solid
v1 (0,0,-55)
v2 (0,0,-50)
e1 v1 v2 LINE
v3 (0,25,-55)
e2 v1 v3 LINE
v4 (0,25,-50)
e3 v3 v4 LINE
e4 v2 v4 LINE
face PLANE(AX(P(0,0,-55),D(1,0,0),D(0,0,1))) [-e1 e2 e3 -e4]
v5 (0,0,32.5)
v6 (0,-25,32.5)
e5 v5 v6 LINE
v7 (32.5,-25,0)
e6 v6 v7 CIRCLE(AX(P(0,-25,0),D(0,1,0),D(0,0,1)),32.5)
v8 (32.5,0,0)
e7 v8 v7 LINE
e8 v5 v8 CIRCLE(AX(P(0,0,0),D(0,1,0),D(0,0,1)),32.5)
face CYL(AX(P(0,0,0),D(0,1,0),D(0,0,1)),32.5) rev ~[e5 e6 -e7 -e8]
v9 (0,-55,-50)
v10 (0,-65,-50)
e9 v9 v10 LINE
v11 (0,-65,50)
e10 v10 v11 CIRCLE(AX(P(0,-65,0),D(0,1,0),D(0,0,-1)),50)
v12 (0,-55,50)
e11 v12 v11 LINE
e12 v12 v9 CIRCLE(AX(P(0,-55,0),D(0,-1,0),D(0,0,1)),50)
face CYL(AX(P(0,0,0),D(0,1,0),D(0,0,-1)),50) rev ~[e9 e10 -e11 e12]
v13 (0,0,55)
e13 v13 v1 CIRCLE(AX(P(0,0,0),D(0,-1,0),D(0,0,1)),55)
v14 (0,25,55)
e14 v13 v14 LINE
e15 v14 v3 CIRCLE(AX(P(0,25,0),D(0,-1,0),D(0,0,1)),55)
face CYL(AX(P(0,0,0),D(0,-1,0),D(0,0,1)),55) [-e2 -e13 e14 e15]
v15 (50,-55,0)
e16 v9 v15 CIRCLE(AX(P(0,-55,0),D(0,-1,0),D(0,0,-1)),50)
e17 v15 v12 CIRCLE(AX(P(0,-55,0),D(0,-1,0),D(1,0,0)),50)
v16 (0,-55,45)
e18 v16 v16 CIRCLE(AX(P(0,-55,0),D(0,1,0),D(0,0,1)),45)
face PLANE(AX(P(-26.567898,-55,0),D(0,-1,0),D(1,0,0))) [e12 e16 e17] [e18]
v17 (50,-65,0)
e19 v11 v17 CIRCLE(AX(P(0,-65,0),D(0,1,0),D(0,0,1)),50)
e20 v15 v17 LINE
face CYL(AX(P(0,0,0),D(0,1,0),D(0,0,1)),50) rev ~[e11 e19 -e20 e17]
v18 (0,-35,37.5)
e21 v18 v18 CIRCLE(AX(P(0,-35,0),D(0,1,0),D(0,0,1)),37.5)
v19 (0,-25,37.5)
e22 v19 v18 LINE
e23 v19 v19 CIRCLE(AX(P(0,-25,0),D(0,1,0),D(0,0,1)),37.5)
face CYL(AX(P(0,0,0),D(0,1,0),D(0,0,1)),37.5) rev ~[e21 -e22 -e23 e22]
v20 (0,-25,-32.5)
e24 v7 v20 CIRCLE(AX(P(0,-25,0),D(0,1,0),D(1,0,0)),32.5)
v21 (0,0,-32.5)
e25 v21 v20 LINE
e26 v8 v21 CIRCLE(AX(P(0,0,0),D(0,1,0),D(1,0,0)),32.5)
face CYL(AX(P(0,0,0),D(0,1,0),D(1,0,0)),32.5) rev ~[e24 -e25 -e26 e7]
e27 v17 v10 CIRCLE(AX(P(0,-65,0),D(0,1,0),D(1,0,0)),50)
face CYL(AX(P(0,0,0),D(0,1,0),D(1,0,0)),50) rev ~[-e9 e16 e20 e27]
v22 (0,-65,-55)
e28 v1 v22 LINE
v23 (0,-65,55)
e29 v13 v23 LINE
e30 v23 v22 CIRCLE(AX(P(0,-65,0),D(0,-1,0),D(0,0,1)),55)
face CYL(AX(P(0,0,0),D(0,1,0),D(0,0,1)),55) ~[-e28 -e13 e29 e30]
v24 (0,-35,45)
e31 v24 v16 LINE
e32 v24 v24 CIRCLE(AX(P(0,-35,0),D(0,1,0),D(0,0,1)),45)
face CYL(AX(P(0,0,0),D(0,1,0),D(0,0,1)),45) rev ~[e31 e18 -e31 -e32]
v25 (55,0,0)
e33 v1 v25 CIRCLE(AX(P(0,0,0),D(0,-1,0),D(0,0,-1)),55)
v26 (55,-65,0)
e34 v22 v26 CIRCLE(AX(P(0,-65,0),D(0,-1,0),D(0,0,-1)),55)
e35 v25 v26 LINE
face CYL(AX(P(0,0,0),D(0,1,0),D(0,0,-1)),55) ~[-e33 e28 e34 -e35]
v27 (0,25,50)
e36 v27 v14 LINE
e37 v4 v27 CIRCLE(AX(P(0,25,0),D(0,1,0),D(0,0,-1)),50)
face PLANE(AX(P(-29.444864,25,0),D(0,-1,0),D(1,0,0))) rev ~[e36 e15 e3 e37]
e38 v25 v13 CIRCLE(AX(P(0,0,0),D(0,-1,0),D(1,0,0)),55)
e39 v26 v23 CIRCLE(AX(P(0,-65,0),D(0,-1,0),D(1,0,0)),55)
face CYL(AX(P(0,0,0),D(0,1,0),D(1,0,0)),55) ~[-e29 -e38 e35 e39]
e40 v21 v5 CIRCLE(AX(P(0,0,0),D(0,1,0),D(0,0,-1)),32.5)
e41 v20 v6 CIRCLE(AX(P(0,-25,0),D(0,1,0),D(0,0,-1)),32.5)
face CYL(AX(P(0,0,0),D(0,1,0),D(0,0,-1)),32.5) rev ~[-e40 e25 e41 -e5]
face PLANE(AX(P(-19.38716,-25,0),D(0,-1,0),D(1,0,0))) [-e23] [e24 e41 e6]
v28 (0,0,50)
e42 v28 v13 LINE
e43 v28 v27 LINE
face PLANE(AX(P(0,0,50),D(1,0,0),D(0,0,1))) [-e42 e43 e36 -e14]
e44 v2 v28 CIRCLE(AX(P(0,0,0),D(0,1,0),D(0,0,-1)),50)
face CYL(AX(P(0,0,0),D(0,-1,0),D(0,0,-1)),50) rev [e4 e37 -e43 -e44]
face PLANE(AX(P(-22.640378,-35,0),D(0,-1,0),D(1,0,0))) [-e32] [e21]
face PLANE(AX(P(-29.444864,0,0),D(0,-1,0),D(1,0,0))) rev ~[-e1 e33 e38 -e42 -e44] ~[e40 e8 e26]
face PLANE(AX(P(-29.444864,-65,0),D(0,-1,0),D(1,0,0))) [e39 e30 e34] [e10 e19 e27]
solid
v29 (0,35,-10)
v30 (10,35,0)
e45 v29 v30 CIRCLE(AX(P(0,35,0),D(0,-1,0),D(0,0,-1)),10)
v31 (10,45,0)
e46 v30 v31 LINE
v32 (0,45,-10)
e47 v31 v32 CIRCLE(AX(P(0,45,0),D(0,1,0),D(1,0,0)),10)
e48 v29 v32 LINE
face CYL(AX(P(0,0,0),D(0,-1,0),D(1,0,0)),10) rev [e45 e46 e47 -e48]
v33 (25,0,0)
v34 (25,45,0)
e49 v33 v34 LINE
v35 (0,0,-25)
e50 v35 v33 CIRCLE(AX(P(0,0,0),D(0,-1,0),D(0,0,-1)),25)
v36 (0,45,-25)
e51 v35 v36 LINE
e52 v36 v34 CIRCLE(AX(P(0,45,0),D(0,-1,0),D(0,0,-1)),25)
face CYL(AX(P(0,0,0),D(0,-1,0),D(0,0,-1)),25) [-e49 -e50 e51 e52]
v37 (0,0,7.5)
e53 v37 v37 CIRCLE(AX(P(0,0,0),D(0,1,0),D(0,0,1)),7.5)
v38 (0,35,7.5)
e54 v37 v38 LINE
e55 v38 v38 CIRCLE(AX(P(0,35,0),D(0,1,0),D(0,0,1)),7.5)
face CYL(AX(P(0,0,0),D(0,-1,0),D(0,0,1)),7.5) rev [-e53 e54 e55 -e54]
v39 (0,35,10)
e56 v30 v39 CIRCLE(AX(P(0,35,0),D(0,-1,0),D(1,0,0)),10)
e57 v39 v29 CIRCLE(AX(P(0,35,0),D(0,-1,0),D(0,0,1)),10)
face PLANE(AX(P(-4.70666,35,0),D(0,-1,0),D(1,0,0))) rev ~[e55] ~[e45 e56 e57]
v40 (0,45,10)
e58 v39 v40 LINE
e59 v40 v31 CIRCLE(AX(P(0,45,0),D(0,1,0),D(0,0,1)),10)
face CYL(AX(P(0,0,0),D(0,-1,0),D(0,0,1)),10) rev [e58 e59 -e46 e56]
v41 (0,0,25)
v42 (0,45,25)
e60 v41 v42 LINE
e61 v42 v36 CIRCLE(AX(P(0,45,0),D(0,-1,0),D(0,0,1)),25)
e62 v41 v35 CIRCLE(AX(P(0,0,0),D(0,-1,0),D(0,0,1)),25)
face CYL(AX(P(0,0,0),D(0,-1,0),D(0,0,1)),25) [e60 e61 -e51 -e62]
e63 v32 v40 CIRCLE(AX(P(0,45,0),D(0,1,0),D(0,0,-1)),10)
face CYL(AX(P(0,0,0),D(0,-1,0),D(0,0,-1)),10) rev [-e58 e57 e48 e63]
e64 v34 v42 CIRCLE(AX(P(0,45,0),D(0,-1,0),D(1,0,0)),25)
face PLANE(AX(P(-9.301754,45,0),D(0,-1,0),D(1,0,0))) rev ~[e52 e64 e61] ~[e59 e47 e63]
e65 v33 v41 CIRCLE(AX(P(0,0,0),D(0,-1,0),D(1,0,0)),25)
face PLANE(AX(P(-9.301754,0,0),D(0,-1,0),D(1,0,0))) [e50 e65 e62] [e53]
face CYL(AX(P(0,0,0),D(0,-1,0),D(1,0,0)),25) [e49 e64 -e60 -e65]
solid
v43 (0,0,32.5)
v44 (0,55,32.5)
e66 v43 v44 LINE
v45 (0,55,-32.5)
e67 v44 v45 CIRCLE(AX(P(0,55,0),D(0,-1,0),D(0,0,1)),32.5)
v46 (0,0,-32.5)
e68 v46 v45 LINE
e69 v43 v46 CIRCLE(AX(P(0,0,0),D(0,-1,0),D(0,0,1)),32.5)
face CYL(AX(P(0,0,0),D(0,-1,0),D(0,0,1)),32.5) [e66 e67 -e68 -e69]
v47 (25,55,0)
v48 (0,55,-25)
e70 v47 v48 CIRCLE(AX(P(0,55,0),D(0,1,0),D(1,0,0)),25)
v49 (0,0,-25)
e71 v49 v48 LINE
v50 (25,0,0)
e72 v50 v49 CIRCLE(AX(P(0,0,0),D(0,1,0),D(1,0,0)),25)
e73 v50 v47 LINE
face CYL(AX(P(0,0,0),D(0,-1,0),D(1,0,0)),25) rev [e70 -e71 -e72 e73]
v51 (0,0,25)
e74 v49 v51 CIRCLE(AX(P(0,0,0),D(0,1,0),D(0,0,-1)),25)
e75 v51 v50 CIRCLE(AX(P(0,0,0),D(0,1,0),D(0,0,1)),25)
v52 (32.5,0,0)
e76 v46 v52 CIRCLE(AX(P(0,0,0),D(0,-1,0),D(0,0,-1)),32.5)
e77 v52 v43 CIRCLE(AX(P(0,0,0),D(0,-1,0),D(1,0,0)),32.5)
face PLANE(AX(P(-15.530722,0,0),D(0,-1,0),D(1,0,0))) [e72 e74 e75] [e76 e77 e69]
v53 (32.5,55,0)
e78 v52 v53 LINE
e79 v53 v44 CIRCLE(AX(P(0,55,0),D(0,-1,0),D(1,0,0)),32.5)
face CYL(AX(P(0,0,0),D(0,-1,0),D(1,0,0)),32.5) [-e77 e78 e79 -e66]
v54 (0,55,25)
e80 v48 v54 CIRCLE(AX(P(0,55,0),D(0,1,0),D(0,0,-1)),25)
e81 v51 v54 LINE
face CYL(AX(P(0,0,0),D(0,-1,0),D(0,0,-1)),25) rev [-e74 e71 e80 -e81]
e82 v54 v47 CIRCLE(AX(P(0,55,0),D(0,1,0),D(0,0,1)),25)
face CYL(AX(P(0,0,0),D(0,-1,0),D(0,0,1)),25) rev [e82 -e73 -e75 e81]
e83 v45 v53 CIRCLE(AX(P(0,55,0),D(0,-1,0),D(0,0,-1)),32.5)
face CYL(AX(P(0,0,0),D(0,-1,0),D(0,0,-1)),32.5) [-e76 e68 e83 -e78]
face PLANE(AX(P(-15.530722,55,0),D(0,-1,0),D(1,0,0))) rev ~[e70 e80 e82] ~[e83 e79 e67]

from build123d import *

# Parameters (mm, degrees)
F1_DEPTH = 35
F2_DEPTH = 45
F3_DEPTH = 55
F4_DEPTH = 25
F5_DEPTH = 35
F6_DEPTH = 55
F7_DEPTH = 65
F8_DEPTH = 25


with BuildPart() as f1:
    # F0 (on Front) → F1 (new body)
    with BuildSketch(Plane.XZ):
        with BuildLine():
            Line((0, 7.5), (0, 10))
            ThreePointArc((0, 10), (-10, 0), (0, -10))
            Line((0, -10), (0, -7.5))
            ThreePointArc((0, -7.5), (-7.5, 0), (0, 7.5))
        make_face()
        with BuildLine():
            ThreePointArc((10, 0), (7.0710678119, 7.0710678119), (0, 10))
            Line((0, 10), (0, 7.5))
            ThreePointArc((0, 7.5), (5.3033008589, 5.3033008589), (7.5, 0))
            ThreePointArc((7.5, 0), (5.3033008589, -5.3033008589), (0, -7.5))
            Line((0, -7.5), (0, -10))
            ThreePointArc((0, -10), (7.0710678119, -7.0710678119), (10, 0))
        make_face()
    extrude(amount=-F1_DEPTH)

    # F0 (on Front) → F2 (join)
    with BuildSketch(Plane.XZ):
        with BuildLine():
            Line((0, 10), (0, 25))
            ThreePointArc((0, 25), (-25, 0), (0, -25))
            Line((0, -25), (0, -10))
            ThreePointArc((0, -10), (-10, 0), (0, 10))
        make_face()
        with BuildLine():
            ThreePointArc((25, 0), (17.6776695297, 17.6776695297), (0, 25))
            Line((0, 25), (0, 10))
            ThreePointArc((0, 10), (7.0710678119, 7.0710678119), (10, 0))
            ThreePointArc((10, 0), (7.0710678119, -7.0710678119), (0, -10))
            Line((0, -10), (0, -25))
            ThreePointArc((0, -25), (17.6776695297, -17.6776695297), (25, 0))
        make_face()
    extrude(amount=-F2_DEPTH)


with BuildPart() as f3:
    # F0 (on Front) → F3 (new body)
    with BuildSketch(Plane.XZ):
        with BuildLine():
            Line((0, 25), (0, 32.5))
            ThreePointArc((0, 32.5), (-32.5, 0), (0, -32.5))
            Line((0, -32.5), (0, -25))
            ThreePointArc((0, -25), (-25, 0), (0, 25))
        make_face()
        with BuildLine():
            ThreePointArc((32.5, 0), (22.9809703886, 22.9809703886), (0, 32.5))
            Line((0, 32.5), (0, 25))
            ThreePointArc((0, 25), (17.6776695297, 17.6776695297), (25, 0))
            ThreePointArc((25, 0), (17.6776695297, -17.6776695297), (0, -25))
            Line((0, -25), (0, -32.5))
            ThreePointArc((0, -32.5), (22.9809703886, -22.9809703886), (32.5, 0))
        make_face()
    extrude(amount=-F3_DEPTH)


with BuildPart() as f4:
    # F0 (on Front) → F4 (new body)
    with BuildSketch(Plane.XZ):
        with BuildLine():
            Line((0, 32.5), (0, 37.5))
            ThreePointArc((0, 37.5), (-37.5, 0), (0, -37.5))
            Line((0, -37.5), (0, -32.5))
            ThreePointArc((0, -32.5), (-32.5, 0), (0, 32.5))
        make_face()
        with BuildLine():
            ThreePointArc((37.5, 0), (26.5165042945, 26.5165042945), (0, 37.5))
            Line((0, 37.5), (0, 32.5))
            ThreePointArc((0, 32.5), (22.9809703886, 22.9809703886), (32.5, 0))
            ThreePointArc((32.5, 0), (22.9809703886, -22.9809703886), (0, -32.5))
            Line((0, -32.5), (0, -37.5))
            ThreePointArc((0, -37.5), (26.5165042945, -26.5165042945), (37.5, 0))
        make_face()
    extrude(amount=F4_DEPTH)

    # F0 (on Front) → F5 (join)
    with BuildSketch(Plane.XZ):
        with BuildLine():
            Line((0, 37.5), (0, 45))
            ThreePointArc((0, 45), (-45, 0), (0, -45))
            Line((0, -45), (0, -37.5))
            ThreePointArc((0, -37.5), (-37.5, 0), (0, 37.5))
        make_face()
        with BuildLine():
            ThreePointArc((45, 0), (31.8198051534, 31.8198051534), (0, 45))
            Line((0, 45), (0, 37.5))
            ThreePointArc((0, 37.5), (26.5165042945, 26.5165042945), (37.5, 0))
            ThreePointArc((37.5, 0), (26.5165042945, -26.5165042945), (0, -37.5))
            Line((0, -37.5), (0, -45))
            ThreePointArc((0, -45), (31.8198051534, -31.8198051534), (45, 0))
        make_face()
    extrude(amount=F5_DEPTH)

    # F0 (on Front) → F6 (join)
    with BuildSketch(Plane.XZ):
        with BuildLine():
            Line((0, 45), (0, 50))
            ThreePointArc((0, 50), (-50, 0), (0, -50))
            Line((0, -50), (0, -45))
            ThreePointArc((0, -45), (-45, 0), (0, 45))
        make_face()
        with BuildLine():
            ThreePointArc((50, 0), (35.3553390593, 35.3553390593), (0, 50))
            Line((0, 50), (0, 45))
            ThreePointArc((0, 45), (31.8198051534, 31.8198051534), (45, 0))
            ThreePointArc((45, 0), (31.8198051534, -31.8198051534), (0, -45))
            Line((0, -45), (0, -50))
            ThreePointArc((0, -50), (35.3553390593, -35.3553390593), (50, 0))
        make_face()
    extrude(amount=F6_DEPTH)

    # F0 (on Front) → F7 (join)
    with BuildSketch(Plane.XZ):
        with BuildLine():
            Line((0, 50), (0, 55))
            ThreePointArc((0, 55), (-55, 0), (0, -55))
            Line((0, -55), (0, -50))
            ThreePointArc((0, -50), (-50, 0), (0, 50))
        make_face()
        with BuildLine():
            ThreePointArc((0, -55), (38.8908729653, -38.8908729653), (55, 0))
            ThreePointArc((55, 0), (38.8908729653, 38.8908729653), (0, 55))
            Line((0, 55), (0, 50))
            ThreePointArc((0, 50), (35.3553390593, 35.3553390593), (50, 0))
            ThreePointArc((50, 0), (35.3553390593, -35.3553390593), (0, -50))
            Line((0, -50), (0, -55))
        make_face()
    extrude(amount=F7_DEPTH)

    # F0 (on Front) → F8 (join)
    with BuildSketch(Plane.XZ):
        with BuildLine():
            Line((0, 50), (0, 55))
            ThreePointArc((0, 55), (-55, 0), (0, -55))
            Line((0, -55), (0, -50))
            ThreePointArc((0, -50), (-50, 0), (0, 50))
        make_face()
    extrude(amount=-F8_DEPTH)


solid = Compound([f1.part, f3.part, f4.part])
